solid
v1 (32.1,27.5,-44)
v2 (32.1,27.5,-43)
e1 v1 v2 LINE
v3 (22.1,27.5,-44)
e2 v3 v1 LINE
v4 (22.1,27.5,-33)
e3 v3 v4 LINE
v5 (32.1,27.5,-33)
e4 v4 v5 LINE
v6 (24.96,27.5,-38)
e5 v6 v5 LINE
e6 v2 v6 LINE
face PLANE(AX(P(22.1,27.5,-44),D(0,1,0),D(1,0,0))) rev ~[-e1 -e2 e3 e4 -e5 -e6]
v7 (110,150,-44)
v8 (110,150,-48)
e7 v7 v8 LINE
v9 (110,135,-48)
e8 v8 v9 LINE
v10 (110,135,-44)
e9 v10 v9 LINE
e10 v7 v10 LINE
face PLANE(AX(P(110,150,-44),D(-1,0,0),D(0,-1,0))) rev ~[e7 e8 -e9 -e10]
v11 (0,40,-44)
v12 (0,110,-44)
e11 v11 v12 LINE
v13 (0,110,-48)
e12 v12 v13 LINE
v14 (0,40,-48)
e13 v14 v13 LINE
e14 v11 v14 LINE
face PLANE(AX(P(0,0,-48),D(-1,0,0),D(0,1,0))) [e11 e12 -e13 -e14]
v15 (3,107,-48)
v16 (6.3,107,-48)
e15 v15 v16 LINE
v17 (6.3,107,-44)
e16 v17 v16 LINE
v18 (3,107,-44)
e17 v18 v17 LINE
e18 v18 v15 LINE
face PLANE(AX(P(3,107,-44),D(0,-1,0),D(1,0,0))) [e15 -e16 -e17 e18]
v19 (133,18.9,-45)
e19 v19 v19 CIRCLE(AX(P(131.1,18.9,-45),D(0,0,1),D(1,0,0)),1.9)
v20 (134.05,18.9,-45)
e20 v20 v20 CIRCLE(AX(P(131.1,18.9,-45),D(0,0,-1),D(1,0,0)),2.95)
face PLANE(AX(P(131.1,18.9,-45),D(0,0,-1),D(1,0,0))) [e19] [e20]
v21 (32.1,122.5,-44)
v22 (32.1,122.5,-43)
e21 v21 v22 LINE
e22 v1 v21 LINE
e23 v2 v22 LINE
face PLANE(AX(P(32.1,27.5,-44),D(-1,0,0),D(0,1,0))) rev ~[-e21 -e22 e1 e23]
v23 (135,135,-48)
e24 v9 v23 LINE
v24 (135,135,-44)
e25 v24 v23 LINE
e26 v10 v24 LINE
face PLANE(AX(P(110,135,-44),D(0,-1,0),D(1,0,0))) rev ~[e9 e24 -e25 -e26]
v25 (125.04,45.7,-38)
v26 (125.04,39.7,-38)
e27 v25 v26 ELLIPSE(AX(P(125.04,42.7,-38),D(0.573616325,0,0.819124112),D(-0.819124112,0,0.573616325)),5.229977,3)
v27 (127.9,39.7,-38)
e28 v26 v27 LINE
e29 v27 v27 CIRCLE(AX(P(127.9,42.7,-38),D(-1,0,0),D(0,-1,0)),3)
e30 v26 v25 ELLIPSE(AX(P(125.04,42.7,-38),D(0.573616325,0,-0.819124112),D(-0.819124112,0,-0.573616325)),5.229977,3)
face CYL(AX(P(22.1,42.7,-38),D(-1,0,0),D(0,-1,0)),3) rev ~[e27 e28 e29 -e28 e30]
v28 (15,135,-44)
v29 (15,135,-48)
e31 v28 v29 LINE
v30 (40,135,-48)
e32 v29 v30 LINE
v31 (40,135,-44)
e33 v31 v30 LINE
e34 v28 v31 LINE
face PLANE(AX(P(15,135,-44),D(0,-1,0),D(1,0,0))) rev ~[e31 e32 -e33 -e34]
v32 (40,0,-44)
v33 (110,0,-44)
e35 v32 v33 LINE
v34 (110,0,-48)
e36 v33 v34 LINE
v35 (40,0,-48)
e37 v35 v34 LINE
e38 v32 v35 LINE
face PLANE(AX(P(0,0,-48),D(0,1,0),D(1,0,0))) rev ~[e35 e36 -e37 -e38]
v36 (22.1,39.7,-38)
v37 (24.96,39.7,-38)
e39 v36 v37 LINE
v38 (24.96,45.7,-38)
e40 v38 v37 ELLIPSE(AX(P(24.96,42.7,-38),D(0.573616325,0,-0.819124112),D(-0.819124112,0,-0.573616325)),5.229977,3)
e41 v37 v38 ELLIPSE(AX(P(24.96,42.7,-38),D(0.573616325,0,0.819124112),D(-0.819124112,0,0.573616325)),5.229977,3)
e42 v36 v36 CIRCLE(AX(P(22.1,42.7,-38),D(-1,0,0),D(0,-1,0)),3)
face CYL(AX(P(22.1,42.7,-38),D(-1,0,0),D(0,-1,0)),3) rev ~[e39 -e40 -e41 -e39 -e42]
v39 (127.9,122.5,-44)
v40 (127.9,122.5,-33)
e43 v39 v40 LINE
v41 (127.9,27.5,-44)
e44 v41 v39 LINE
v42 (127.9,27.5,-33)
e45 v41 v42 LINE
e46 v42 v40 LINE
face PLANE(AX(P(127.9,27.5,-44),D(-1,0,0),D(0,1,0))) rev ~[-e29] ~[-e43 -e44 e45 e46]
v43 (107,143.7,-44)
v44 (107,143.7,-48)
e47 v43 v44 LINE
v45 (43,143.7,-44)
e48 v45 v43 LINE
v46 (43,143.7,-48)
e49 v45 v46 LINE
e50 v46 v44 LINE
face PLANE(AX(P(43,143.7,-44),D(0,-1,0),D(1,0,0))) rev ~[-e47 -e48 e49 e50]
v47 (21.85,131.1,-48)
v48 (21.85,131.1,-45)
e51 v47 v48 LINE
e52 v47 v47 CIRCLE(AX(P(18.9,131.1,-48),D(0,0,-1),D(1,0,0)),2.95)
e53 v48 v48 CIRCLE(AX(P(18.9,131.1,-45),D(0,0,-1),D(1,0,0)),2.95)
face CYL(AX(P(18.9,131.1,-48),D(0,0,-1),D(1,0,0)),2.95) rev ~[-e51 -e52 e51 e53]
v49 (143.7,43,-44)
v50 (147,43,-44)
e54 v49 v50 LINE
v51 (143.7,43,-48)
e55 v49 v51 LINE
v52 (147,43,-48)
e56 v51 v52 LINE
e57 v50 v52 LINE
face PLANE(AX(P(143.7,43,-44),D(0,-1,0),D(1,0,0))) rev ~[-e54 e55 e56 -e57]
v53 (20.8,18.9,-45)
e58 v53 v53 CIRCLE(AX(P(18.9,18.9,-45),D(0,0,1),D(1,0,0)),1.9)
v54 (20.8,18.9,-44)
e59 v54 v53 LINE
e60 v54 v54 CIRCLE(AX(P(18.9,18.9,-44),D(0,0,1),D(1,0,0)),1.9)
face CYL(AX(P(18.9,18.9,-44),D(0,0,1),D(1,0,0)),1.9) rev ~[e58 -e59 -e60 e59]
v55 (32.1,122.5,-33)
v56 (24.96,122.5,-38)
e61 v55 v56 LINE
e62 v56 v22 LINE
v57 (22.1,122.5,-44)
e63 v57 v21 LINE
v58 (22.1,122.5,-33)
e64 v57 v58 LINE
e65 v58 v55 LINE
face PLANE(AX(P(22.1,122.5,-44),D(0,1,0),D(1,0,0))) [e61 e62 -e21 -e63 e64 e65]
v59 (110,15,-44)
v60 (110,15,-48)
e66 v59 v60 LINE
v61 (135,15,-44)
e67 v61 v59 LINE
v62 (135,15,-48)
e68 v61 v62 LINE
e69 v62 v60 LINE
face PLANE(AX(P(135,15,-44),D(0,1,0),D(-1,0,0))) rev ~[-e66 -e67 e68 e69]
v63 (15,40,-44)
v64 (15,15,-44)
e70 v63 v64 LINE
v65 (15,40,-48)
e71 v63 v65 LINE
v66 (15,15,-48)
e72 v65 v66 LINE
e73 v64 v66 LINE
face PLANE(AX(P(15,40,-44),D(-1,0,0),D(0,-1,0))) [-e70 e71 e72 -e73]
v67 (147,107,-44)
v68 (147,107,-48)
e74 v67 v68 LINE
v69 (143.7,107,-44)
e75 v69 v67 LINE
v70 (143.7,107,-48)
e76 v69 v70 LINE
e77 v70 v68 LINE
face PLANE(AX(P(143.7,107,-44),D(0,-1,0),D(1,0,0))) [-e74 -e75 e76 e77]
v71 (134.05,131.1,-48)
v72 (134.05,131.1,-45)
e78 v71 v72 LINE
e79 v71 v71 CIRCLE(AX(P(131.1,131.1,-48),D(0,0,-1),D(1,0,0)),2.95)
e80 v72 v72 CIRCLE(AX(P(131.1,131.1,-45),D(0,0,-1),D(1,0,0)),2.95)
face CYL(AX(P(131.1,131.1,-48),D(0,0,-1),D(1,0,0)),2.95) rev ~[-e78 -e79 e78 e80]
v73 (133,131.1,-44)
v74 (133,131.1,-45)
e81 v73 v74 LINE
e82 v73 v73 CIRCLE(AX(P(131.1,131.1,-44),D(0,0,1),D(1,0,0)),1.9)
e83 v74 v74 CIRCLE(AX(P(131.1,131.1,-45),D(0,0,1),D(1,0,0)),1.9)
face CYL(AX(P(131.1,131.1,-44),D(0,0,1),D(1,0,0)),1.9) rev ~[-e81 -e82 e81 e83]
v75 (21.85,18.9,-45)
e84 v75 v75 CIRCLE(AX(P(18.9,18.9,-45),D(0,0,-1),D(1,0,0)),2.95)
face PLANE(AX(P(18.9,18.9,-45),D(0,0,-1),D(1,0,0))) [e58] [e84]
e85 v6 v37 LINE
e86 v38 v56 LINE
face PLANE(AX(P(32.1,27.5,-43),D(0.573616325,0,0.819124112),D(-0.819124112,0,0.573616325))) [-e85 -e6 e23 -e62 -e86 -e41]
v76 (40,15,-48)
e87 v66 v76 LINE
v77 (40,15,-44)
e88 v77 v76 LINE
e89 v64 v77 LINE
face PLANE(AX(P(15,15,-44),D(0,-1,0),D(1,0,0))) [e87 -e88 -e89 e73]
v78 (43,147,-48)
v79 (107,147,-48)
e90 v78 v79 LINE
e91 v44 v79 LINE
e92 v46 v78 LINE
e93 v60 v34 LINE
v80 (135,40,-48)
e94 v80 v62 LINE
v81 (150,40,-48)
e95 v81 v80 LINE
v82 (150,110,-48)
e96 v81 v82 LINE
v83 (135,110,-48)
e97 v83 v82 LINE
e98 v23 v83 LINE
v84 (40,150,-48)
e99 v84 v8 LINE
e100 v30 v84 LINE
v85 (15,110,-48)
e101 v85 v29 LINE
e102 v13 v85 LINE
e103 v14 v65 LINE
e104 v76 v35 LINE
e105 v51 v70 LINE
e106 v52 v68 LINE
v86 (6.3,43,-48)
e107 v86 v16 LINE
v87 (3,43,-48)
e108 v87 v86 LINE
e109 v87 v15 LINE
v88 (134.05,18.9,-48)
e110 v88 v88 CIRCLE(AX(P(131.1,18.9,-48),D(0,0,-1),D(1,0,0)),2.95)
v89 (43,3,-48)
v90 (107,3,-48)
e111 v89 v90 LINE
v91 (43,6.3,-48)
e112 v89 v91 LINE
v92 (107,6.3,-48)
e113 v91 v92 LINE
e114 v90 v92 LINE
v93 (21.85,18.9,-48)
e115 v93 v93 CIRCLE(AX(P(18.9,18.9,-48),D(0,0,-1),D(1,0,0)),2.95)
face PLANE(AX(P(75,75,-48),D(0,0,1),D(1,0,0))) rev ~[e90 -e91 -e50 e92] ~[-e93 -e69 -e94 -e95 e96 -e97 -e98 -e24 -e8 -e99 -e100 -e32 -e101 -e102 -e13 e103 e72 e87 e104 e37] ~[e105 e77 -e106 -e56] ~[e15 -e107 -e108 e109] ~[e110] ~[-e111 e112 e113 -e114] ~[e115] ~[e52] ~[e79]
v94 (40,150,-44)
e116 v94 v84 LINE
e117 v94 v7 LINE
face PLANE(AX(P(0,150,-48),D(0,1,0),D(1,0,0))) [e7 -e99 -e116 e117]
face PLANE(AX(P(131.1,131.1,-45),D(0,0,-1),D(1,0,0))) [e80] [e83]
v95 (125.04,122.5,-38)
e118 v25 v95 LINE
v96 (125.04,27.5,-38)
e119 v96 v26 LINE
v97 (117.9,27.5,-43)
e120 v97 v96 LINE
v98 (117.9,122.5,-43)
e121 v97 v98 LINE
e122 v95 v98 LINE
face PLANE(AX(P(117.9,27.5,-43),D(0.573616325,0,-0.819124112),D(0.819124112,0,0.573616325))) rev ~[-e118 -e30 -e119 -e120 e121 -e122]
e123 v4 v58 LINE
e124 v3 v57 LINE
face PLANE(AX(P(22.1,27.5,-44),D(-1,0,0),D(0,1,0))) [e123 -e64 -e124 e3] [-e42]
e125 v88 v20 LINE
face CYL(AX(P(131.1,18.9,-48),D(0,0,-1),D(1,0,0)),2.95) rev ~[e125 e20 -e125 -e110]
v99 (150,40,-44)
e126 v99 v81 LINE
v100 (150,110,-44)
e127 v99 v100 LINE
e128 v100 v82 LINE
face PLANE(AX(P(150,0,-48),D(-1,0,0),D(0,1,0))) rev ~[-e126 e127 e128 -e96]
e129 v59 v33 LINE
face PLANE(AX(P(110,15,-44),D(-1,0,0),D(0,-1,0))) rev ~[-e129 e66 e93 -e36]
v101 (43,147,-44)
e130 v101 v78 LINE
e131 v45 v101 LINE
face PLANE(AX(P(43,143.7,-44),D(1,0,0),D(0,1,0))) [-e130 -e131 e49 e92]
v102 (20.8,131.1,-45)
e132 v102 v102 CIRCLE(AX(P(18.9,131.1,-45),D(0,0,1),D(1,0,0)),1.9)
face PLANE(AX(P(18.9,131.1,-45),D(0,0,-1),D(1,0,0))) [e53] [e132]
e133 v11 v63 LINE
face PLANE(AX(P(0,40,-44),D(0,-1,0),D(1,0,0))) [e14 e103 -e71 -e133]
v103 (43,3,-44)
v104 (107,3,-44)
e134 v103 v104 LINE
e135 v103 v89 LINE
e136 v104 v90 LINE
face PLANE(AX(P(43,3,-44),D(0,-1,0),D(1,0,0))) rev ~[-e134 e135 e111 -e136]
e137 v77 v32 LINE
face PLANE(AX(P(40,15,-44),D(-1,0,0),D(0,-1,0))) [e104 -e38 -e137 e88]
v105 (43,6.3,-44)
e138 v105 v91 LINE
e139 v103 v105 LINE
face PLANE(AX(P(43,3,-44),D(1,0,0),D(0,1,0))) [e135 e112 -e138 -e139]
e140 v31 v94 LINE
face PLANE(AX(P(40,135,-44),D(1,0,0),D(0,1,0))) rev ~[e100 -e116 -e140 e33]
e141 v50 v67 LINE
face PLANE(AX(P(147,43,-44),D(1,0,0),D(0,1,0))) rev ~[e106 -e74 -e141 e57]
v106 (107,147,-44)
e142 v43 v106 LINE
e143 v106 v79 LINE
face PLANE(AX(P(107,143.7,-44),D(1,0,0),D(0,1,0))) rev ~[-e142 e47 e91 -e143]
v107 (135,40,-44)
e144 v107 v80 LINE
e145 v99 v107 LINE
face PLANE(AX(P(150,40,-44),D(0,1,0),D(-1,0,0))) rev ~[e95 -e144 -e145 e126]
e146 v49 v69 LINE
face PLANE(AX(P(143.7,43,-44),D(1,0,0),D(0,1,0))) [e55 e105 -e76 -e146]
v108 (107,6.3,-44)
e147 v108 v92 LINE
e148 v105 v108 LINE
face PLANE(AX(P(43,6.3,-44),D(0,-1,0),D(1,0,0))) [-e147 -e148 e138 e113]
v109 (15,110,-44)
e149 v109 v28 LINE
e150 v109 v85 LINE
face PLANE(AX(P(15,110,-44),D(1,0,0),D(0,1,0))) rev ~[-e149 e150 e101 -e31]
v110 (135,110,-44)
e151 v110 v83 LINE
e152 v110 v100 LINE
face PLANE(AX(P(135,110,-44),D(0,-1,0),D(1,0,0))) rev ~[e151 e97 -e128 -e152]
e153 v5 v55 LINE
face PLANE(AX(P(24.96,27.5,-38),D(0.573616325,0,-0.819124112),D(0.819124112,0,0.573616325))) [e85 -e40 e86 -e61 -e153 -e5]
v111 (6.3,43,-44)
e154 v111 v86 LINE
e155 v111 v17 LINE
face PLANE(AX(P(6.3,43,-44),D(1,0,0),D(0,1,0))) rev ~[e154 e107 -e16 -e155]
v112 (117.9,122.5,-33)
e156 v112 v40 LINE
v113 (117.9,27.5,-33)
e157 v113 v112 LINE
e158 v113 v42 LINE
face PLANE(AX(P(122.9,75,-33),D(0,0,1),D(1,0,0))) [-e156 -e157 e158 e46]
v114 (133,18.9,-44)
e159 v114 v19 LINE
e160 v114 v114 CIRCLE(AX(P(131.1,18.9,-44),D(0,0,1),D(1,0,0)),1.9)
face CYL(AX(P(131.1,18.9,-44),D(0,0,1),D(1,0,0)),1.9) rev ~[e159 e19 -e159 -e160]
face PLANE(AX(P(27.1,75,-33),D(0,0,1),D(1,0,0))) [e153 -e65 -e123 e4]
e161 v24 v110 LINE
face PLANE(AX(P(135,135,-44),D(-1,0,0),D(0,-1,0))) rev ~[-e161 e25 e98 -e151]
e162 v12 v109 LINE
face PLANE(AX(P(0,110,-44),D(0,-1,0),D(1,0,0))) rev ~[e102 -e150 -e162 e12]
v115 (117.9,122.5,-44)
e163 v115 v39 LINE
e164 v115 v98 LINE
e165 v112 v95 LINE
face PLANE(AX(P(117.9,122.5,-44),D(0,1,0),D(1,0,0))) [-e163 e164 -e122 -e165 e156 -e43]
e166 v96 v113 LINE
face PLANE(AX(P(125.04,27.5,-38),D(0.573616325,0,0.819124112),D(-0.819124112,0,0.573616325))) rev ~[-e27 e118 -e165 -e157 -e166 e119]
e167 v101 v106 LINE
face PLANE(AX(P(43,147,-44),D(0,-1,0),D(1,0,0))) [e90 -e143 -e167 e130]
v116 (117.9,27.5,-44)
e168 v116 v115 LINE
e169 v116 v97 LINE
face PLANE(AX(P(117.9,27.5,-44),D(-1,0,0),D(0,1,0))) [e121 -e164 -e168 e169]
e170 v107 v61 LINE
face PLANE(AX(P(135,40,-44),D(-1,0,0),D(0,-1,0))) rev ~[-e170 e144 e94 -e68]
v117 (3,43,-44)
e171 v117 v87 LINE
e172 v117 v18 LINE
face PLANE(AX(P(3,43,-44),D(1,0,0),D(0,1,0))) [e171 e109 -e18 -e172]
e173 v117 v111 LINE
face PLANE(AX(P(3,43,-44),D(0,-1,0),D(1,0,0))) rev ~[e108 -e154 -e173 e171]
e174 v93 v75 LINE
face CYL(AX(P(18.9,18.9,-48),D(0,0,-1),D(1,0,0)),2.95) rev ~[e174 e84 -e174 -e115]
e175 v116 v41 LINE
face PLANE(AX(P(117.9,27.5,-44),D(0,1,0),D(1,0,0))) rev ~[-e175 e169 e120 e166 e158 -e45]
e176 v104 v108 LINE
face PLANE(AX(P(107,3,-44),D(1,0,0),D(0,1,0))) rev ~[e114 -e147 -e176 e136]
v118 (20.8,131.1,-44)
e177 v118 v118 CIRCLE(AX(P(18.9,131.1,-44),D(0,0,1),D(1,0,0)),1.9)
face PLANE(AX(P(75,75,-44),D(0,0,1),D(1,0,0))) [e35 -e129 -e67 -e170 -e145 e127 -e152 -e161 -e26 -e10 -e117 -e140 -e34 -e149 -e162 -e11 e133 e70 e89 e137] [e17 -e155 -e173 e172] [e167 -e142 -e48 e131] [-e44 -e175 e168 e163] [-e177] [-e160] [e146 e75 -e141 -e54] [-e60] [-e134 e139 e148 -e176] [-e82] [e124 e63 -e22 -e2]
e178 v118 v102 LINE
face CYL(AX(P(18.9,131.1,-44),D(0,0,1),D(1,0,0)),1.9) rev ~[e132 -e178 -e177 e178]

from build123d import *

# Parameters (mm, degrees)
SKETCH_W        = 150
SKETCH_H        = 150
PAD_DEPTH       = 4
POCKET_DEPTH    = 4.001
SKETCH002_R     = 1.9
SKETCH002_W     = 3.3
SKETCH002_H     = 64
SKETCH002_W_2   = 64
SKETCH002_H_2   = 3.3
POCKET001_DEPTH = 5
SKETCH003_R     = 2.95
POCKET002_DEPTH = 3
SKETCH004_W     = 10
SKETCH004_H     = 95
PAD001_DEPTH    = 11
POCKET003_DEPTH = 122.501
SKETCH006_R     = 3
POCKET004_DEPTH = 127.901


with BuildPart() as part:
    # Sketch → Pad (new body)
    with BuildSketch(Plane.XY):
        with Locations((75, 75)):
            Rectangle(SKETCH_W, SKETCH_H)
    extrude(amount=PAD_DEPTH)

    # Sketch001 (on Face6 of Pad) → Pocket (cut, through all)
    with BuildSketch(Plane.XY.offset(4)):
        Polygon((0, 110), (15, 110), (15, 135), (40, 135), (40, 150), (0, 150), align=None)
        Polygon((0, 40), (15, 40), (15, 15), (40, 15), (40, 0), (0, 0), align=None)
        Polygon((110, 150), (110, 135), (135, 135), (135, 110), (150, 110), (150, 150), align=None)
        Polygon((150, 40), (135, 40), (135, 15), (110, 15), (110, 0), (150, 0), align=None)
    extrude(amount=-POCKET_DEPTH, mode=Mode.SUBTRACT)

    # Sketch002 (on Face4 of Pocket) → Pocket001 (cut)
    with BuildSketch(Plane.XY.offset(4)):
        with Locations((18.9, 131.1)):
            Circle(SKETCH002_R)
        with Locations((131.1, 131.1)):
            Circle(SKETCH002_R)
        with Locations((131.1, 18.9)):
            Circle(SKETCH002_R)
        with Locations((18.9, 18.9)):
            Circle(SKETCH002_R)
        with Locations((4.65, 75)):
            Rectangle(SKETCH002_W, SKETCH002_H)
        with Locations((75, 145.35)):
            Rectangle(SKETCH002_W_2, SKETCH002_H_2)
        with Locations((145.35, 75)):
            Rectangle(SKETCH002_W, SKETCH002_H)
        with Locations((75, 4.65)):
            Rectangle(SKETCH002_W_2, SKETCH002_H_2)
    extrude(amount=-POCKET001_DEPTH, mode=Mode.SUBTRACT)

    # Sketch003 (on Face2 of Pocket001) → Pocket002 (cut)
    with BuildSketch(Plane(origin=(0, 0, 0), x_dir=(1, 0, 0), z_dir=(0, 0, -1))):
        with Locations((18.9, -131.1)):
            Circle(SKETCH003_R)
        with Locations((18.9, -18.9)):
            Circle(SKETCH003_R)
        with Locations((131.1, -18.9)):
            Circle(SKETCH003_R)
        with Locations((131.1, -131.1)):
            Circle(SKETCH003_R)
    extrude(amount=-POCKET002_DEPTH, mode=Mode.SUBTRACT)

    # Sketch004 (on Face4 of Pocket002) → Pad001 (join)
    with BuildSketch(Plane.XY.offset(4)):
        with Locations((27.1, 75)):
            Rectangle(SKETCH004_W, SKETCH004_H)
        with Locations((122.9, 75)):
            Rectangle(SKETCH004_W, SKETCH004_H)
    extrude(amount=PAD001_DEPTH)

    # Sketch005 (on Face52 of Pad001) → Pocket003 (cut, through all)
    with BuildSketch(Plane.XZ.offset(-27.5)):
        Polygon((24.96, 10), (32.1, 15), (32.1, 5), align=None)
        Polygon((117.9, 5), (125.04, 10), (117.9, 15), align=None)
    extrude(amount=-POCKET003_DEPTH, mode=Mode.SUBTRACT)

    # Sketch006 (on Face53 of Pocket003) → Pocket004 (cut, through all)
    with BuildSketch(Plane(origin=(22.1, 0, 0), x_dir=(0, -1, 0), z_dir=(-1, 0, 0))):
        with Locations((-42.7, 10)):
            Circle(SKETCH006_R)
    extrude(amount=-POCKET004_DEPTH, mode=Mode.SUBTRACT)


with BuildPart() as part_1:
    # Body placement: moved
    add(part.part.moved(Location((0, 0, -48))))


solid = part_1.part
